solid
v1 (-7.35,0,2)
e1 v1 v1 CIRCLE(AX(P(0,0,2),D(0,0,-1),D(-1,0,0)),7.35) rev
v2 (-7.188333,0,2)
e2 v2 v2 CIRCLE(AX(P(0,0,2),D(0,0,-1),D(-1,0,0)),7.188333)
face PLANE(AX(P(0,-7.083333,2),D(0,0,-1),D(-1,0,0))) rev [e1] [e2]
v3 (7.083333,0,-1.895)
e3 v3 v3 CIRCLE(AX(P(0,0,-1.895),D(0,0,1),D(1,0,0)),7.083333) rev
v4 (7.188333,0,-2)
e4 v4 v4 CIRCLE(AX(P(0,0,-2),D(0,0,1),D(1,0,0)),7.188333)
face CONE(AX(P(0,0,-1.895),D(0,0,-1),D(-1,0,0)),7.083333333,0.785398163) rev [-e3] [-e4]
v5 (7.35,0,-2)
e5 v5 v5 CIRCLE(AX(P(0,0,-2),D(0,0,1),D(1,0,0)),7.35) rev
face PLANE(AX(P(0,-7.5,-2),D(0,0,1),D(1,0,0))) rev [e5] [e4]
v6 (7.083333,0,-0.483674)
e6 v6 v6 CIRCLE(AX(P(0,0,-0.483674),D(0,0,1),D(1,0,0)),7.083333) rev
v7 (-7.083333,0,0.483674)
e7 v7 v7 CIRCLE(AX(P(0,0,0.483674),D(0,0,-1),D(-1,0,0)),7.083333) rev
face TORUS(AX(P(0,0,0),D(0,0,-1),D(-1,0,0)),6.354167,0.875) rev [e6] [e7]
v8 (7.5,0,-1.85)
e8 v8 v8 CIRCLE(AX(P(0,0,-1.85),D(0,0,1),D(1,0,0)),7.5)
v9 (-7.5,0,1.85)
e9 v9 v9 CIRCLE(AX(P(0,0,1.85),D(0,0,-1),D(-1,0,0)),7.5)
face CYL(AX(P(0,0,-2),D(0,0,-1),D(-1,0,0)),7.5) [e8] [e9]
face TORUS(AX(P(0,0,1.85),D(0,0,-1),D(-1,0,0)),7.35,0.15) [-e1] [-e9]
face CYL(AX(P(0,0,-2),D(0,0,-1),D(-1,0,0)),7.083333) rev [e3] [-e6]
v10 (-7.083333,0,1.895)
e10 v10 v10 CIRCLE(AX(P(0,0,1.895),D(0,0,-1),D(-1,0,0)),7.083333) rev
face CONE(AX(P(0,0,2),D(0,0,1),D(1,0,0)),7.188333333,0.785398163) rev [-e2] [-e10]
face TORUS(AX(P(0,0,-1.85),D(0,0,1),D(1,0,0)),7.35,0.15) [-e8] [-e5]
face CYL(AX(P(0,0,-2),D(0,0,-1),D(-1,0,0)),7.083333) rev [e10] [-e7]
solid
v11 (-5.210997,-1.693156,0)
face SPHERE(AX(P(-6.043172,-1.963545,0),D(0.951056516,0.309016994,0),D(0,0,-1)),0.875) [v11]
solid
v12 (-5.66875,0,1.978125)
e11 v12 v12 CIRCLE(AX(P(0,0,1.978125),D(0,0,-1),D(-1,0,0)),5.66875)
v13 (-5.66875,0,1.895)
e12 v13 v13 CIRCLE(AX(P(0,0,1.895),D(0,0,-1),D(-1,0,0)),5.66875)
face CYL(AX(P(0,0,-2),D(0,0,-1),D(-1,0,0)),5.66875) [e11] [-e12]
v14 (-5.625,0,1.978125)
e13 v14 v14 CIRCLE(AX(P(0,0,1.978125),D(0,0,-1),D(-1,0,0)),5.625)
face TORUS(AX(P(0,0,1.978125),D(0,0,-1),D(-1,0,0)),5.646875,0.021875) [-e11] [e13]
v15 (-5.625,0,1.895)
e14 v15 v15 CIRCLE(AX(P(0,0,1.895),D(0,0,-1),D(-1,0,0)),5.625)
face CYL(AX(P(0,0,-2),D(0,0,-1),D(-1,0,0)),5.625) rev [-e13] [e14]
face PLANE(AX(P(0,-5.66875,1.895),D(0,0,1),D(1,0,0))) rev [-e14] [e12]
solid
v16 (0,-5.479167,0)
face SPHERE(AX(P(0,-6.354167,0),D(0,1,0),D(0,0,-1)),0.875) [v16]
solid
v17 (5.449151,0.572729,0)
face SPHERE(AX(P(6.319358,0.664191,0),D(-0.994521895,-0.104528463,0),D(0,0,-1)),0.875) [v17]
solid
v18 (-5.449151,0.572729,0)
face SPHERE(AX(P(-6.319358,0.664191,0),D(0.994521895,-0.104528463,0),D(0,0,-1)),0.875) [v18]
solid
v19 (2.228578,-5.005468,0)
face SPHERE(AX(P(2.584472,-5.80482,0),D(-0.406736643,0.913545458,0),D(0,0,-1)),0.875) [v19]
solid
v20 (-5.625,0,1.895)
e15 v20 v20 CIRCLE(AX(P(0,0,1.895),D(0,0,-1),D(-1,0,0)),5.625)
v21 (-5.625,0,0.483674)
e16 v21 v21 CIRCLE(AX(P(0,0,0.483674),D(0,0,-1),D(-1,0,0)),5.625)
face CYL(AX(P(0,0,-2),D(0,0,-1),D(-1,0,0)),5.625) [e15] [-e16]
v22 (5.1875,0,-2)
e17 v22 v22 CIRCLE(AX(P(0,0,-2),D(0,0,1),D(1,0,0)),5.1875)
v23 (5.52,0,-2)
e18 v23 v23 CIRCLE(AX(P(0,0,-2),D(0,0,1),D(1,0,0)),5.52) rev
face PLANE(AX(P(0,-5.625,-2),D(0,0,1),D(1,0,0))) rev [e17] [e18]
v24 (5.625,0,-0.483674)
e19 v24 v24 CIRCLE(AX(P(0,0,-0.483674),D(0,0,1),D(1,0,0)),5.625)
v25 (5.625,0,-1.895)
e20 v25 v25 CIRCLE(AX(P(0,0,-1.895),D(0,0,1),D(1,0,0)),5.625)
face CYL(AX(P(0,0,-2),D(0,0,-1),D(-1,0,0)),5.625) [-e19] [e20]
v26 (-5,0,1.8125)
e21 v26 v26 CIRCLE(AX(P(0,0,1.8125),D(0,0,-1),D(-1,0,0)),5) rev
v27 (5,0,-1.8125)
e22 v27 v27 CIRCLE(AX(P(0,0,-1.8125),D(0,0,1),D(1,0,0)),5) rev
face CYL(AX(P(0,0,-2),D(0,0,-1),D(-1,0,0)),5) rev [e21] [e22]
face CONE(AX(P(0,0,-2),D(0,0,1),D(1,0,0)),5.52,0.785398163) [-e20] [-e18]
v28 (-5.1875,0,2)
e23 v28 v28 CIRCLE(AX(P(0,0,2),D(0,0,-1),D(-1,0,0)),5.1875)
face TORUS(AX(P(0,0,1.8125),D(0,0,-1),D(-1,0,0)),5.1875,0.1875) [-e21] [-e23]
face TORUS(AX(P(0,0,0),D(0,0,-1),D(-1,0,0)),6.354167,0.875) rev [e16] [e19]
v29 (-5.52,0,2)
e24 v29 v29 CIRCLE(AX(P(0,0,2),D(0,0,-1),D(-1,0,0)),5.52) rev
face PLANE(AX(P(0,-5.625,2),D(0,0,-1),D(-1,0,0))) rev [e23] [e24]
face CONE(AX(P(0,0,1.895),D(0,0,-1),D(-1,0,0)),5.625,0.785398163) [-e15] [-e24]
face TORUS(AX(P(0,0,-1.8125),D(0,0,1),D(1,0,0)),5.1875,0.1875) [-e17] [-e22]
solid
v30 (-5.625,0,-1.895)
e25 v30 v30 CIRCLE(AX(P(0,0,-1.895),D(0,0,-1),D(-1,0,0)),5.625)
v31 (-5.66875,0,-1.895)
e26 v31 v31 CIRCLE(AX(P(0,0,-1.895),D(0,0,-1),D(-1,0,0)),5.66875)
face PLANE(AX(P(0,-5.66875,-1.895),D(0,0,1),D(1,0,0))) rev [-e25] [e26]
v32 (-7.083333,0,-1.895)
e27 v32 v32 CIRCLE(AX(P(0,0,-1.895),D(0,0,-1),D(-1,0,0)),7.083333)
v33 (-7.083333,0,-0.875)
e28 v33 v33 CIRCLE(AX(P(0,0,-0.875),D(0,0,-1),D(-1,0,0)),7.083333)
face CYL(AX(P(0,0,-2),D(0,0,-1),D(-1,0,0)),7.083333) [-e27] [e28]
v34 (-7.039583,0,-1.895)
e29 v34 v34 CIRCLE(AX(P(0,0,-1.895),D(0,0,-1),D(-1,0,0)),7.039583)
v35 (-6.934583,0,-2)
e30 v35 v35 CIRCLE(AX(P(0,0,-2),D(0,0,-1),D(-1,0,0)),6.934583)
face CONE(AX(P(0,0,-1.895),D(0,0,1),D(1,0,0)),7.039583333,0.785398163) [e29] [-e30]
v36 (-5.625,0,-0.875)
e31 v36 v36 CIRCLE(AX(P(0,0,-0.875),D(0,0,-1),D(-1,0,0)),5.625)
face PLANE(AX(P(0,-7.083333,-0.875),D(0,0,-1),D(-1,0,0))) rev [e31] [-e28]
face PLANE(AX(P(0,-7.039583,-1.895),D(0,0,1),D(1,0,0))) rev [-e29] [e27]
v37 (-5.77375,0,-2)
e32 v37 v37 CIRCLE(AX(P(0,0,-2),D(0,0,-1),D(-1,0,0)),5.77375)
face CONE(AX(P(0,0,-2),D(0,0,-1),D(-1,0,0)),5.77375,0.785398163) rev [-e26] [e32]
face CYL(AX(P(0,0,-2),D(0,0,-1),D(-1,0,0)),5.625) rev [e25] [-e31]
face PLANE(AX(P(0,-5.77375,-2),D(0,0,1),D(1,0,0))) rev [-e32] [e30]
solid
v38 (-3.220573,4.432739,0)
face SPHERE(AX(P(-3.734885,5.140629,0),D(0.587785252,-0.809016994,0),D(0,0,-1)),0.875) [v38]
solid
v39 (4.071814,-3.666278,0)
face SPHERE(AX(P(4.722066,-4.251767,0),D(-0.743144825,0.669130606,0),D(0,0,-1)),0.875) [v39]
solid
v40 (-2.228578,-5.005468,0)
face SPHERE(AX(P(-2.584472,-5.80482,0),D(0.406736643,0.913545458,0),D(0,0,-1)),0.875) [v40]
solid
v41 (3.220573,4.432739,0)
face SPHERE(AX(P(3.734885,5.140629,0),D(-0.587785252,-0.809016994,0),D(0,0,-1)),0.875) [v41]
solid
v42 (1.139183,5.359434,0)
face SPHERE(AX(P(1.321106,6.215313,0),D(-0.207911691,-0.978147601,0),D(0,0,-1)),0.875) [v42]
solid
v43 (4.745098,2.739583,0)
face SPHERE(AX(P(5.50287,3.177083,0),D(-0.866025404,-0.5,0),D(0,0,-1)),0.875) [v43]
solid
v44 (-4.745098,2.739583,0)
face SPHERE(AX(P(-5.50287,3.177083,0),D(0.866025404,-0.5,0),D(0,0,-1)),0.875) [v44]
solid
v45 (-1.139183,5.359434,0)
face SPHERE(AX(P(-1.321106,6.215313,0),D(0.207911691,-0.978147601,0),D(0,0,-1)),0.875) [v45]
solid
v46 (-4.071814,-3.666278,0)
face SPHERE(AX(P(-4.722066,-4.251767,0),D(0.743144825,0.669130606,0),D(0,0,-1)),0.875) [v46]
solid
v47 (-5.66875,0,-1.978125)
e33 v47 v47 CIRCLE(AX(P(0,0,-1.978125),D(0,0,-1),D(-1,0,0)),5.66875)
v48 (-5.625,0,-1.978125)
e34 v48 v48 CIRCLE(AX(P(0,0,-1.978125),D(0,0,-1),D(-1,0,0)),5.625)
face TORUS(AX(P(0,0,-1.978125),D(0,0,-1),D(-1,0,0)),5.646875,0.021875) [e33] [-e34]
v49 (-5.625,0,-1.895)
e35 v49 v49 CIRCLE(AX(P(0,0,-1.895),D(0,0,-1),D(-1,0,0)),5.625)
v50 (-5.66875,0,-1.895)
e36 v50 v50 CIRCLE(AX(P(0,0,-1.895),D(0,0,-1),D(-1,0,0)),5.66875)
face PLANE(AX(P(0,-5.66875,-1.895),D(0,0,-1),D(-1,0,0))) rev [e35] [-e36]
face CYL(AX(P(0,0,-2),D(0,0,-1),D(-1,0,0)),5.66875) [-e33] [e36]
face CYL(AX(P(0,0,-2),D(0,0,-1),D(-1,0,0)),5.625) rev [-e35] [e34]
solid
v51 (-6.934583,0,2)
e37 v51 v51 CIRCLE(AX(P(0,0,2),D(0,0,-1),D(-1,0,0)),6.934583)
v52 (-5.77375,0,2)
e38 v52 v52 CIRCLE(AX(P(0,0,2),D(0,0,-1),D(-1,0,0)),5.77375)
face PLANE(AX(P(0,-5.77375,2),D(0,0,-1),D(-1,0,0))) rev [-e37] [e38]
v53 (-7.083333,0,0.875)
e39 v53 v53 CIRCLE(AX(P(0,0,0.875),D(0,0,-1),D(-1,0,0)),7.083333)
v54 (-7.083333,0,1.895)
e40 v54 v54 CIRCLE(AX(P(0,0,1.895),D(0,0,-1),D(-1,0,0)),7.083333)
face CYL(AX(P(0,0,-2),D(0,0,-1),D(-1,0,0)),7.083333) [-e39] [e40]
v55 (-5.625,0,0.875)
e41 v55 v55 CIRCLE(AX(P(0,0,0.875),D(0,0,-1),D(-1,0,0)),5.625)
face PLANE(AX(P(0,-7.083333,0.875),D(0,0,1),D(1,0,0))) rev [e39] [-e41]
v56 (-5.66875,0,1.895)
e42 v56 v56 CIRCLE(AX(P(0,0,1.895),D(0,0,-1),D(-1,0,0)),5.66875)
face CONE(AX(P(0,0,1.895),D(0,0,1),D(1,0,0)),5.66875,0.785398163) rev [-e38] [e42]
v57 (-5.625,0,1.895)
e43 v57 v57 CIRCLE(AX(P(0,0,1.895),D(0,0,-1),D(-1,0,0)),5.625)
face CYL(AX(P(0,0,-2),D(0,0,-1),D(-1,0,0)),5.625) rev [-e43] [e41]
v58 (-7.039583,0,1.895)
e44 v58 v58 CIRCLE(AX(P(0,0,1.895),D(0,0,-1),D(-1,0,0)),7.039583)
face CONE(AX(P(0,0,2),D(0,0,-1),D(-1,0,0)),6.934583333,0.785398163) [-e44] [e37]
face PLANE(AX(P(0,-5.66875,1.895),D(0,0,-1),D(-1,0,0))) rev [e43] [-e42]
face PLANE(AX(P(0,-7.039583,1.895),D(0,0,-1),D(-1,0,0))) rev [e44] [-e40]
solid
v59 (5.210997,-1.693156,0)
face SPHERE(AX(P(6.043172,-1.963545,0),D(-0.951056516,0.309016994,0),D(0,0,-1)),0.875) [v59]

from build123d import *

# Parameters (mm, degrees)
SKETCH3_W         = 4
SKETCH3_H         = 0.416666667
SKETCH3_H_2       = 0.625
SKETCH4_R         = 0.875
CIRPATTERN1_COUNT = 15
FILLET1_R         = 0.15
FILLET2_R         = 0.1875
CHAMFER1_SIZE     = 0.105
CHAMFER2_SIZE     = 0.105


with BuildPart() as part:
    # Sketch3 → Revolve1 (revolve)
    with BuildSketch(Plane(origin=(0, 0, 0), x_dir=(0, 0, -1), z_dir=(1, 0, 0)), mode=Mode.PRIVATE) as revolve1_sk:
        with Locations((0, -7.291666667)):
            Rectangle(SKETCH3_W, SKETCH3_H)
        with Locations((0, -5.3125)):
            Rectangle(SKETCH3_W, SKETCH3_H_2)
    revolve(revolve1_sk.sketch.rotate(Axis((0, 0, -2), (0, 0, 1)), 270), axis=Axis((0, 0, -2), (0, 0, 1)))

    # Sketch4 → Cut-Revolve1 (revolve, cut)
    with BuildSketch(Plane(origin=(0, 0, 0), x_dir=(0, 0, -1), z_dir=(1, 0, 0)), mode=Mode.PRIVATE) as cut_revolve1_sk:
        with Locations((0, -6.354166667)):
            Circle(SKETCH4_R)
    revolve(cut_revolve1_sk.sketch.rotate(Axis((0, 0, -2), (0, 0, 1)), 270), axis=Axis((0, 0, -2), (0, 0, 1)), mode=Mode.SUBTRACT)

    # Fillet1
    fillet1_edges = [part.edges().sort_by_distance(p)[0] for p in [
        (7.5, 0, -2),
        (7.5, 0, 2),
    ]]
    fillet(fillet1_edges, radius=FILLET1_R)

    # Fillet2
    fillet2_edges = [part.edges().sort_by_distance(p)[0] for p in [
        (5, 0, -2),
        (5, 0, 2),
    ]]
    fillet(fillet2_edges, radius=FILLET2_R)

    # Chamfer1
    chamfer1_edges = [part.edges().sort_by_distance(p)[0] for p in [
        (7.083333333, 0, 2),
        (7.083333333, 0, -2),
    ]]
    chamfer(chamfer1_edges, length=CHAMFER1_SIZE)

    # Chamfer2
    chamfer2_edges = [part.edges().sort_by_distance(p)[0] for p in [
        (5.625, 0, 2),
        (5.625, 0, -2),
    ]]
    chamfer(chamfer2_edges, length=CHAMFER2_SIZE)


with BuildPart() as body_2:
    # Sketch5 → Revolve2 (revolve)
    with BuildSketch(Plane(origin=(0, 0, 0), x_dir=(0, 0, -1), z_dir=(1, 0, 0))):
        with BuildLine():
            Line((0, -5.479166667), (0, -7.229166667))
            ThreePointArc((0, -7.229166667), (0.875, -6.354166667), (0, -5.479166667))
        make_face()
    revolve(axis=Axis((0, -5.479166667, 0), (0, -1, 0)))


with BuildPart() as cirpattern1_1:
    # CirPattern1: pattern copy
    add(body_2.part.rotate(Axis((0, 0, 0), (0, 0, 1)), 1 * 360 / CIRPATTERN1_COUNT))


with BuildPart() as cirpattern1_2:
    # CirPattern1: pattern copy
    add(body_2.part.rotate(Axis((0, 0, 0), (0, 0, 1)), 2 * 360 / CIRPATTERN1_COUNT))


with BuildPart() as cirpattern1_3:
    # CirPattern1: pattern copy
    add(body_2.part.rotate(Axis((0, 0, 0), (0, 0, 1)), 3 * 360 / CIRPATTERN1_COUNT))


with BuildPart() as cirpattern1_4:
    # CirPattern1: pattern copy
    add(body_2.part.rotate(Axis((0, 0, 0), (0, 0, 1)), 4 * 360 / CIRPATTERN1_COUNT))


with BuildPart() as cirpattern1_5:
    # CirPattern1: pattern copy
    add(body_2.part.rotate(Axis((0, 0, 0), (0, 0, 1)), 5 * 360 / CIRPATTERN1_COUNT))


with BuildPart() as cirpattern1_6:
    # CirPattern1: pattern copy
    add(body_2.part.rotate(Axis((0, 0, 0), (0, 0, 1)), 6 * 360 / CIRPATTERN1_COUNT))


with BuildPart() as cirpattern1_7:
    # CirPattern1: pattern copy
    add(body_2.part.rotate(Axis((0, 0, 0), (0, 0, 1)), 7 * 360 / CIRPATTERN1_COUNT))


with BuildPart() as cirpattern1_8:
    # CirPattern1: pattern copy
    add(body_2.part.rotate(Axis((0, 0, 0), (0, 0, 1)), 8 * 360 / CIRPATTERN1_COUNT))


with BuildPart() as cirpattern1_9:
    # CirPattern1: pattern copy
    add(body_2.part.rotate(Axis((0, 0, 0), (0, 0, 1)), 9 * 360 / CIRPATTERN1_COUNT))


with BuildPart() as cirpattern1_10:
    # CirPattern1: pattern copy
    add(body_2.part.rotate(Axis((0, 0, 0), (0, 0, 1)), 10 * 360 / CIRPATTERN1_COUNT))


with BuildPart() as cirpattern1_11:
    # CirPattern1: pattern copy
    add(body_2.part.rotate(Axis((0, 0, 0), (0, 0, 1)), 11 * 360 / CIRPATTERN1_COUNT))


with BuildPart() as cirpattern1_12:
    # CirPattern1: pattern copy
    add(body_2.part.rotate(Axis((0, 0, 0), (0, 0, 1)), 12 * 360 / CIRPATTERN1_COUNT))


with BuildPart() as cirpattern1_13:
    # CirPattern1: pattern copy
    add(body_2.part.rotate(Axis((0, 0, 0), (0, 0, 1)), 13 * 360 / CIRPATTERN1_COUNT))


with BuildPart() as cirpattern1_14:
    # CirPattern1: pattern copy
    add(body_2.part.rotate(Axis((0, 0, 0), (0, 0, 1)), 14 * 360 / CIRPATTERN1_COUNT))


with BuildPart() as body_17:
    # Sketch6 → Revolve3 (revolve)
    with BuildSketch(Plane(origin=(0, 0, 0), x_dir=(0, 0, -1), z_dir=(1, 0, 0)), mode=Mode.PRIVATE) as revolve3_sk:
        Polygon((-2, -5.77375), (-2, -6.934583333), (-1.895, -7.039583333), (-1.895, -7.083333333), (-0.875, -7.083333333), (-0.875, -5.625), (-1.895, -5.625), (-1.895, -5.66875), align=None)
        Polygon((1.895, -7.083333333), (0.875, -7.083333333), (0.875, -5.625), (1.895, -5.625), (1.895, -5.66875), (2, -5.77375), (2, -6.934583333), (1.895, -7.039583333), align=None)
    revolve(revolve3_sk.sketch.rotate(Axis((0, 0, -2), (0, 0, 1)), 270), axis=Axis((0, 0, -2), (0, 0, 1)))


with BuildPart() as body_18:
    # Sketch7 → Revolve4 (revolve)
    with BuildSketch(Plane(origin=(0, 0, 0), x_dir=(0, 0, -1), z_dir=(1, 0, 0)), mode=Mode.PRIVATE) as revolve4_sk:
        with BuildLine():
            Line((-1.895, -5.66875), (-1.895, -5.625))
            Line((-1.895, -5.625), (-1.978125, -5.625))
            ThreePointArc((-1.978125, -5.625), (-2, -5.646875), (-1.978125, -5.66875))
            Line((-1.978125, -5.66875), (-1.895, -5.66875))
        make_face()
        with BuildLine():
            Line((1.895, -5.625), (1.978125, -5.625))
            ThreePointArc((1.978125, -5.625), (2, -5.646875), (1.978125, -5.66875))
            Line((1.978125, -5.66875), (1.895, -5.66875))
            Line((1.895, -5.66875), (1.895, -5.625))
        make_face()
    revolve(revolve4_sk.sketch.rotate(Axis((0, 0, -2), (0, 0, 1)), 270), axis=Axis((0, 0, -2), (0, 0, 1)))


solid = Compound([part.part, body_2.part, cirpattern1_1.part, cirpattern1_2.part, cirpattern1_3.part, cirpattern1_4.part, cirpattern1_5.part, cirpattern1_6.part, cirpattern1_7.part, cirpattern1_8.part, cirpattern1_9.part, cirpattern1_10.part, cirpattern1_11.part, cirpattern1_12.part, cirpattern1_13.part, cirpattern1_14.part, body_17.part, body_18.part])
